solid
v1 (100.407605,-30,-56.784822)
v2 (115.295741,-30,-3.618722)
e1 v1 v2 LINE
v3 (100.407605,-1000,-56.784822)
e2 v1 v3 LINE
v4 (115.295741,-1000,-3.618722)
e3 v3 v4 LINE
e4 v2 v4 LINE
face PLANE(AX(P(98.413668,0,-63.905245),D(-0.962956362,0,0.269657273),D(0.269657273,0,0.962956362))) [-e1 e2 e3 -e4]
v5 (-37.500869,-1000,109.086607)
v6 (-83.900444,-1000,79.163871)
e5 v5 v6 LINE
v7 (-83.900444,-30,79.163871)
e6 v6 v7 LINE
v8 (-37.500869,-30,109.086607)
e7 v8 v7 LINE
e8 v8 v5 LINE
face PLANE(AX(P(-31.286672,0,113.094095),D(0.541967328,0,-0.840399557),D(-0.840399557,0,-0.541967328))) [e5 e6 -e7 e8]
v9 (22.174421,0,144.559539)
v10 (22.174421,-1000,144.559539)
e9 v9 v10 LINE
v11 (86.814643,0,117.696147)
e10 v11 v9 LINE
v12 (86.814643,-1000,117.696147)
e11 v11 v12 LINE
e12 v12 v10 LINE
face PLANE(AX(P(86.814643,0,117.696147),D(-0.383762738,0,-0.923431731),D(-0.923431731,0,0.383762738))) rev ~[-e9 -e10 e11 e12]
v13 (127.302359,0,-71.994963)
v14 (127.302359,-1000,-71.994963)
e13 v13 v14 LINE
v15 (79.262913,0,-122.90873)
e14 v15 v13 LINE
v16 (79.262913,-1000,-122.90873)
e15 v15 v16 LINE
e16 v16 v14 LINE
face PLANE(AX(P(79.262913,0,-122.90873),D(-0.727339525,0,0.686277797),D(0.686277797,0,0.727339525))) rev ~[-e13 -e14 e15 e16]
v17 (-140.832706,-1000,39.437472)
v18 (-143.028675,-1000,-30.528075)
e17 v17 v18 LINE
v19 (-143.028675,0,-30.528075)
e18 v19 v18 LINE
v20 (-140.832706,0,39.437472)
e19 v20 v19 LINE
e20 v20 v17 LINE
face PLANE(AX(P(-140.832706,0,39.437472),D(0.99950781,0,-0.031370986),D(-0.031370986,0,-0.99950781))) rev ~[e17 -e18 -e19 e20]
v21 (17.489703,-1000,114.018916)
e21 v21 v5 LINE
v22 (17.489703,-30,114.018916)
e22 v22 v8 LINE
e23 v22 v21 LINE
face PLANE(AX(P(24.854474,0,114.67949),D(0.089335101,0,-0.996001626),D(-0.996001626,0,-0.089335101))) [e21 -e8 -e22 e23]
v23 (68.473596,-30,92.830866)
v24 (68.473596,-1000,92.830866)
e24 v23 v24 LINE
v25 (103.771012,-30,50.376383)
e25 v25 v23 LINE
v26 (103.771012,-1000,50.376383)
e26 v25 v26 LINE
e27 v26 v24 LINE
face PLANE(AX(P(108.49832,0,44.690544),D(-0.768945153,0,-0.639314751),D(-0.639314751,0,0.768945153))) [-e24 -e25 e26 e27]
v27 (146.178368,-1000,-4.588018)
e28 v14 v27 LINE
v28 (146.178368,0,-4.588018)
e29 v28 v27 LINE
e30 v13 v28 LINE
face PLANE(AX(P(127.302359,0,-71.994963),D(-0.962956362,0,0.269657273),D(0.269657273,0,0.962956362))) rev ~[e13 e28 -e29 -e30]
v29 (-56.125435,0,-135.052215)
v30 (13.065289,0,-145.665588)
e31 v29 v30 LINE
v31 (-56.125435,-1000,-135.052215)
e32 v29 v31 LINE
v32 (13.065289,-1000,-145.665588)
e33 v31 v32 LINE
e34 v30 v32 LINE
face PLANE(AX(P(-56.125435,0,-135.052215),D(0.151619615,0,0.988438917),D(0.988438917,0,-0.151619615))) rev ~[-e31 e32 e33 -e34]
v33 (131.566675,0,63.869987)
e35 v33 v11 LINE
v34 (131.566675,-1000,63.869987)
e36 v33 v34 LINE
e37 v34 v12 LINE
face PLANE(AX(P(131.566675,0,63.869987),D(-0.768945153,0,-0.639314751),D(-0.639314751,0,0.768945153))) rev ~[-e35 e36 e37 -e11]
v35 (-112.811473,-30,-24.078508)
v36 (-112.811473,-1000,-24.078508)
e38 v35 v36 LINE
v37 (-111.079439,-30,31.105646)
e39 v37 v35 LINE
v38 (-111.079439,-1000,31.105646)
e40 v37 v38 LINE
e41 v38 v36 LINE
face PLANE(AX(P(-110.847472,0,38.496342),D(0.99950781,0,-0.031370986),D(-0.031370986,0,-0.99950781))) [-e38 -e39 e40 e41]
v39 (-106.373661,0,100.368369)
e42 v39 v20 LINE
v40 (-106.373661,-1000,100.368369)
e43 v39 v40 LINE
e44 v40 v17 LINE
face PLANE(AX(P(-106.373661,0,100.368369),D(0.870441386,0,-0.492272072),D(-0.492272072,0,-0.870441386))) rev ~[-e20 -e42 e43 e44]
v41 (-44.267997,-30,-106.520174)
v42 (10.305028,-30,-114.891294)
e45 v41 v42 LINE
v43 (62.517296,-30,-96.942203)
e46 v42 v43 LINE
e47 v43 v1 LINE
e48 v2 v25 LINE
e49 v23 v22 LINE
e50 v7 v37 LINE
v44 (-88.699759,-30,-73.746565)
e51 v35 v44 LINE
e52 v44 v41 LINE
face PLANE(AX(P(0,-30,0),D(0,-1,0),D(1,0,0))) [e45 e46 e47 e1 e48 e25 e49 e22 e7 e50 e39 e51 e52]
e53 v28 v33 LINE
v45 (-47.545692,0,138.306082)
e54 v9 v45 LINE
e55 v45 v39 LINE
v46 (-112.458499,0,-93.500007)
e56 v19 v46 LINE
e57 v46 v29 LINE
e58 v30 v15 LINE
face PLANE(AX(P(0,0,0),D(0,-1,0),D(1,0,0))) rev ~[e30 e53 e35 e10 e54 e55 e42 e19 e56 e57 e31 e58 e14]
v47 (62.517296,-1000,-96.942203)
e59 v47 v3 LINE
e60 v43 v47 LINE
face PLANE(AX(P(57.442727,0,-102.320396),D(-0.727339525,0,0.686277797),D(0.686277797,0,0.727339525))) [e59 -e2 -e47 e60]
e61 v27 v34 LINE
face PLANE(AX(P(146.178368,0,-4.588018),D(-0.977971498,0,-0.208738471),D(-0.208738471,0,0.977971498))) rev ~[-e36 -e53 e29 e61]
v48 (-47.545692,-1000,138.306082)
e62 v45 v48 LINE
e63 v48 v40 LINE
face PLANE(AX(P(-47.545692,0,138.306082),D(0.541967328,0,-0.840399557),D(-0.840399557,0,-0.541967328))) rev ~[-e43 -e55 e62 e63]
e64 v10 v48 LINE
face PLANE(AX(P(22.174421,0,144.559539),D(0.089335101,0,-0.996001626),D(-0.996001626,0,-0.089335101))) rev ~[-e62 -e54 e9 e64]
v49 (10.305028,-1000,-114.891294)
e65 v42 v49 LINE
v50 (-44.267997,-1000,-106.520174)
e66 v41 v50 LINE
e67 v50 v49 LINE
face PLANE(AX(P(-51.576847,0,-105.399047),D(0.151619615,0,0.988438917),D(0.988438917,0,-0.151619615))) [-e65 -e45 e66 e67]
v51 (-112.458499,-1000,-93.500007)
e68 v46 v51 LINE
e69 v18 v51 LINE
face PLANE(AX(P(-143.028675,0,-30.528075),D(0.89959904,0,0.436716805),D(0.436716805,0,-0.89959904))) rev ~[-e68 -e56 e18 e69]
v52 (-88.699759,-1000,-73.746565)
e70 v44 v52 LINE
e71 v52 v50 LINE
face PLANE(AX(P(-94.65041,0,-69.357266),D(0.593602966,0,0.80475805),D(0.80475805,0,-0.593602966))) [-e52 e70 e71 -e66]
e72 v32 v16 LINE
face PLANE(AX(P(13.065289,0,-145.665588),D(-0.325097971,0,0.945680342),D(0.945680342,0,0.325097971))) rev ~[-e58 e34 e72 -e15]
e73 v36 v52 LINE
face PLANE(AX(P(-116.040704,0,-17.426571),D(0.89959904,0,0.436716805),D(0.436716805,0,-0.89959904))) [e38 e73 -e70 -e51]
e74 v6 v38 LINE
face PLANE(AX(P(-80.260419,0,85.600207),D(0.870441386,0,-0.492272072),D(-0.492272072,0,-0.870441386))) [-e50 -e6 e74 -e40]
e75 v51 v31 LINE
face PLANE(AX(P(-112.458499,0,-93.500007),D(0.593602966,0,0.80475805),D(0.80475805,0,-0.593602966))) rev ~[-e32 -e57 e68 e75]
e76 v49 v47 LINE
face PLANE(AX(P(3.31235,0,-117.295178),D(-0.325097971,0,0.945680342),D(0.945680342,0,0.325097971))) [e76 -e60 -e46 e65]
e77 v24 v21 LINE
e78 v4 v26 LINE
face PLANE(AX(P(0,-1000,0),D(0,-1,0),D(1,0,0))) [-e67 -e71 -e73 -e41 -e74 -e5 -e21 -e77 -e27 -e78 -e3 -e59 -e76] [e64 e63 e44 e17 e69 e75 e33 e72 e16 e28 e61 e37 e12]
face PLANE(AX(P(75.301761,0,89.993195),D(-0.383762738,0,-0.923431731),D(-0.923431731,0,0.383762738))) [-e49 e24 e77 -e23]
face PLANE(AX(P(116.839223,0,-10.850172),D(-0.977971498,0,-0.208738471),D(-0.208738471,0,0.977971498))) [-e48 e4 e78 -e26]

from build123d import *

# Parameters (mm, degrees)
F1_DEPTH = 1000
F2_T     = -30


with BuildPart() as f1:
    # F0 (on Front) → F1 (new body)
    with BuildSketch(Plane.XZ):
        Polygon((-106.373661, 100.368369), (-140.832706, 39.437472), (-143.028675, -30.528075), (-112.458499, -93.500007), (-56.125435, -135.052215), (13.065289, -145.665588), (79.262913, -122.90873), (127.302359, -71.994963), (146.178368, -4.588018), (131.566675, 63.869987), (86.814643, 117.696147), (22.174421, 144.559539), (-47.545692, 138.306082), align=None)
    extrude(amount=F1_DEPTH)

    # F2
    f2_openings = [f1.faces().sort_by_distance(p)[0] for p in [
        (0, -1000, 0),
    ]]
    offset(amount=F2_T, openings=f2_openings)


solid = f1.part
